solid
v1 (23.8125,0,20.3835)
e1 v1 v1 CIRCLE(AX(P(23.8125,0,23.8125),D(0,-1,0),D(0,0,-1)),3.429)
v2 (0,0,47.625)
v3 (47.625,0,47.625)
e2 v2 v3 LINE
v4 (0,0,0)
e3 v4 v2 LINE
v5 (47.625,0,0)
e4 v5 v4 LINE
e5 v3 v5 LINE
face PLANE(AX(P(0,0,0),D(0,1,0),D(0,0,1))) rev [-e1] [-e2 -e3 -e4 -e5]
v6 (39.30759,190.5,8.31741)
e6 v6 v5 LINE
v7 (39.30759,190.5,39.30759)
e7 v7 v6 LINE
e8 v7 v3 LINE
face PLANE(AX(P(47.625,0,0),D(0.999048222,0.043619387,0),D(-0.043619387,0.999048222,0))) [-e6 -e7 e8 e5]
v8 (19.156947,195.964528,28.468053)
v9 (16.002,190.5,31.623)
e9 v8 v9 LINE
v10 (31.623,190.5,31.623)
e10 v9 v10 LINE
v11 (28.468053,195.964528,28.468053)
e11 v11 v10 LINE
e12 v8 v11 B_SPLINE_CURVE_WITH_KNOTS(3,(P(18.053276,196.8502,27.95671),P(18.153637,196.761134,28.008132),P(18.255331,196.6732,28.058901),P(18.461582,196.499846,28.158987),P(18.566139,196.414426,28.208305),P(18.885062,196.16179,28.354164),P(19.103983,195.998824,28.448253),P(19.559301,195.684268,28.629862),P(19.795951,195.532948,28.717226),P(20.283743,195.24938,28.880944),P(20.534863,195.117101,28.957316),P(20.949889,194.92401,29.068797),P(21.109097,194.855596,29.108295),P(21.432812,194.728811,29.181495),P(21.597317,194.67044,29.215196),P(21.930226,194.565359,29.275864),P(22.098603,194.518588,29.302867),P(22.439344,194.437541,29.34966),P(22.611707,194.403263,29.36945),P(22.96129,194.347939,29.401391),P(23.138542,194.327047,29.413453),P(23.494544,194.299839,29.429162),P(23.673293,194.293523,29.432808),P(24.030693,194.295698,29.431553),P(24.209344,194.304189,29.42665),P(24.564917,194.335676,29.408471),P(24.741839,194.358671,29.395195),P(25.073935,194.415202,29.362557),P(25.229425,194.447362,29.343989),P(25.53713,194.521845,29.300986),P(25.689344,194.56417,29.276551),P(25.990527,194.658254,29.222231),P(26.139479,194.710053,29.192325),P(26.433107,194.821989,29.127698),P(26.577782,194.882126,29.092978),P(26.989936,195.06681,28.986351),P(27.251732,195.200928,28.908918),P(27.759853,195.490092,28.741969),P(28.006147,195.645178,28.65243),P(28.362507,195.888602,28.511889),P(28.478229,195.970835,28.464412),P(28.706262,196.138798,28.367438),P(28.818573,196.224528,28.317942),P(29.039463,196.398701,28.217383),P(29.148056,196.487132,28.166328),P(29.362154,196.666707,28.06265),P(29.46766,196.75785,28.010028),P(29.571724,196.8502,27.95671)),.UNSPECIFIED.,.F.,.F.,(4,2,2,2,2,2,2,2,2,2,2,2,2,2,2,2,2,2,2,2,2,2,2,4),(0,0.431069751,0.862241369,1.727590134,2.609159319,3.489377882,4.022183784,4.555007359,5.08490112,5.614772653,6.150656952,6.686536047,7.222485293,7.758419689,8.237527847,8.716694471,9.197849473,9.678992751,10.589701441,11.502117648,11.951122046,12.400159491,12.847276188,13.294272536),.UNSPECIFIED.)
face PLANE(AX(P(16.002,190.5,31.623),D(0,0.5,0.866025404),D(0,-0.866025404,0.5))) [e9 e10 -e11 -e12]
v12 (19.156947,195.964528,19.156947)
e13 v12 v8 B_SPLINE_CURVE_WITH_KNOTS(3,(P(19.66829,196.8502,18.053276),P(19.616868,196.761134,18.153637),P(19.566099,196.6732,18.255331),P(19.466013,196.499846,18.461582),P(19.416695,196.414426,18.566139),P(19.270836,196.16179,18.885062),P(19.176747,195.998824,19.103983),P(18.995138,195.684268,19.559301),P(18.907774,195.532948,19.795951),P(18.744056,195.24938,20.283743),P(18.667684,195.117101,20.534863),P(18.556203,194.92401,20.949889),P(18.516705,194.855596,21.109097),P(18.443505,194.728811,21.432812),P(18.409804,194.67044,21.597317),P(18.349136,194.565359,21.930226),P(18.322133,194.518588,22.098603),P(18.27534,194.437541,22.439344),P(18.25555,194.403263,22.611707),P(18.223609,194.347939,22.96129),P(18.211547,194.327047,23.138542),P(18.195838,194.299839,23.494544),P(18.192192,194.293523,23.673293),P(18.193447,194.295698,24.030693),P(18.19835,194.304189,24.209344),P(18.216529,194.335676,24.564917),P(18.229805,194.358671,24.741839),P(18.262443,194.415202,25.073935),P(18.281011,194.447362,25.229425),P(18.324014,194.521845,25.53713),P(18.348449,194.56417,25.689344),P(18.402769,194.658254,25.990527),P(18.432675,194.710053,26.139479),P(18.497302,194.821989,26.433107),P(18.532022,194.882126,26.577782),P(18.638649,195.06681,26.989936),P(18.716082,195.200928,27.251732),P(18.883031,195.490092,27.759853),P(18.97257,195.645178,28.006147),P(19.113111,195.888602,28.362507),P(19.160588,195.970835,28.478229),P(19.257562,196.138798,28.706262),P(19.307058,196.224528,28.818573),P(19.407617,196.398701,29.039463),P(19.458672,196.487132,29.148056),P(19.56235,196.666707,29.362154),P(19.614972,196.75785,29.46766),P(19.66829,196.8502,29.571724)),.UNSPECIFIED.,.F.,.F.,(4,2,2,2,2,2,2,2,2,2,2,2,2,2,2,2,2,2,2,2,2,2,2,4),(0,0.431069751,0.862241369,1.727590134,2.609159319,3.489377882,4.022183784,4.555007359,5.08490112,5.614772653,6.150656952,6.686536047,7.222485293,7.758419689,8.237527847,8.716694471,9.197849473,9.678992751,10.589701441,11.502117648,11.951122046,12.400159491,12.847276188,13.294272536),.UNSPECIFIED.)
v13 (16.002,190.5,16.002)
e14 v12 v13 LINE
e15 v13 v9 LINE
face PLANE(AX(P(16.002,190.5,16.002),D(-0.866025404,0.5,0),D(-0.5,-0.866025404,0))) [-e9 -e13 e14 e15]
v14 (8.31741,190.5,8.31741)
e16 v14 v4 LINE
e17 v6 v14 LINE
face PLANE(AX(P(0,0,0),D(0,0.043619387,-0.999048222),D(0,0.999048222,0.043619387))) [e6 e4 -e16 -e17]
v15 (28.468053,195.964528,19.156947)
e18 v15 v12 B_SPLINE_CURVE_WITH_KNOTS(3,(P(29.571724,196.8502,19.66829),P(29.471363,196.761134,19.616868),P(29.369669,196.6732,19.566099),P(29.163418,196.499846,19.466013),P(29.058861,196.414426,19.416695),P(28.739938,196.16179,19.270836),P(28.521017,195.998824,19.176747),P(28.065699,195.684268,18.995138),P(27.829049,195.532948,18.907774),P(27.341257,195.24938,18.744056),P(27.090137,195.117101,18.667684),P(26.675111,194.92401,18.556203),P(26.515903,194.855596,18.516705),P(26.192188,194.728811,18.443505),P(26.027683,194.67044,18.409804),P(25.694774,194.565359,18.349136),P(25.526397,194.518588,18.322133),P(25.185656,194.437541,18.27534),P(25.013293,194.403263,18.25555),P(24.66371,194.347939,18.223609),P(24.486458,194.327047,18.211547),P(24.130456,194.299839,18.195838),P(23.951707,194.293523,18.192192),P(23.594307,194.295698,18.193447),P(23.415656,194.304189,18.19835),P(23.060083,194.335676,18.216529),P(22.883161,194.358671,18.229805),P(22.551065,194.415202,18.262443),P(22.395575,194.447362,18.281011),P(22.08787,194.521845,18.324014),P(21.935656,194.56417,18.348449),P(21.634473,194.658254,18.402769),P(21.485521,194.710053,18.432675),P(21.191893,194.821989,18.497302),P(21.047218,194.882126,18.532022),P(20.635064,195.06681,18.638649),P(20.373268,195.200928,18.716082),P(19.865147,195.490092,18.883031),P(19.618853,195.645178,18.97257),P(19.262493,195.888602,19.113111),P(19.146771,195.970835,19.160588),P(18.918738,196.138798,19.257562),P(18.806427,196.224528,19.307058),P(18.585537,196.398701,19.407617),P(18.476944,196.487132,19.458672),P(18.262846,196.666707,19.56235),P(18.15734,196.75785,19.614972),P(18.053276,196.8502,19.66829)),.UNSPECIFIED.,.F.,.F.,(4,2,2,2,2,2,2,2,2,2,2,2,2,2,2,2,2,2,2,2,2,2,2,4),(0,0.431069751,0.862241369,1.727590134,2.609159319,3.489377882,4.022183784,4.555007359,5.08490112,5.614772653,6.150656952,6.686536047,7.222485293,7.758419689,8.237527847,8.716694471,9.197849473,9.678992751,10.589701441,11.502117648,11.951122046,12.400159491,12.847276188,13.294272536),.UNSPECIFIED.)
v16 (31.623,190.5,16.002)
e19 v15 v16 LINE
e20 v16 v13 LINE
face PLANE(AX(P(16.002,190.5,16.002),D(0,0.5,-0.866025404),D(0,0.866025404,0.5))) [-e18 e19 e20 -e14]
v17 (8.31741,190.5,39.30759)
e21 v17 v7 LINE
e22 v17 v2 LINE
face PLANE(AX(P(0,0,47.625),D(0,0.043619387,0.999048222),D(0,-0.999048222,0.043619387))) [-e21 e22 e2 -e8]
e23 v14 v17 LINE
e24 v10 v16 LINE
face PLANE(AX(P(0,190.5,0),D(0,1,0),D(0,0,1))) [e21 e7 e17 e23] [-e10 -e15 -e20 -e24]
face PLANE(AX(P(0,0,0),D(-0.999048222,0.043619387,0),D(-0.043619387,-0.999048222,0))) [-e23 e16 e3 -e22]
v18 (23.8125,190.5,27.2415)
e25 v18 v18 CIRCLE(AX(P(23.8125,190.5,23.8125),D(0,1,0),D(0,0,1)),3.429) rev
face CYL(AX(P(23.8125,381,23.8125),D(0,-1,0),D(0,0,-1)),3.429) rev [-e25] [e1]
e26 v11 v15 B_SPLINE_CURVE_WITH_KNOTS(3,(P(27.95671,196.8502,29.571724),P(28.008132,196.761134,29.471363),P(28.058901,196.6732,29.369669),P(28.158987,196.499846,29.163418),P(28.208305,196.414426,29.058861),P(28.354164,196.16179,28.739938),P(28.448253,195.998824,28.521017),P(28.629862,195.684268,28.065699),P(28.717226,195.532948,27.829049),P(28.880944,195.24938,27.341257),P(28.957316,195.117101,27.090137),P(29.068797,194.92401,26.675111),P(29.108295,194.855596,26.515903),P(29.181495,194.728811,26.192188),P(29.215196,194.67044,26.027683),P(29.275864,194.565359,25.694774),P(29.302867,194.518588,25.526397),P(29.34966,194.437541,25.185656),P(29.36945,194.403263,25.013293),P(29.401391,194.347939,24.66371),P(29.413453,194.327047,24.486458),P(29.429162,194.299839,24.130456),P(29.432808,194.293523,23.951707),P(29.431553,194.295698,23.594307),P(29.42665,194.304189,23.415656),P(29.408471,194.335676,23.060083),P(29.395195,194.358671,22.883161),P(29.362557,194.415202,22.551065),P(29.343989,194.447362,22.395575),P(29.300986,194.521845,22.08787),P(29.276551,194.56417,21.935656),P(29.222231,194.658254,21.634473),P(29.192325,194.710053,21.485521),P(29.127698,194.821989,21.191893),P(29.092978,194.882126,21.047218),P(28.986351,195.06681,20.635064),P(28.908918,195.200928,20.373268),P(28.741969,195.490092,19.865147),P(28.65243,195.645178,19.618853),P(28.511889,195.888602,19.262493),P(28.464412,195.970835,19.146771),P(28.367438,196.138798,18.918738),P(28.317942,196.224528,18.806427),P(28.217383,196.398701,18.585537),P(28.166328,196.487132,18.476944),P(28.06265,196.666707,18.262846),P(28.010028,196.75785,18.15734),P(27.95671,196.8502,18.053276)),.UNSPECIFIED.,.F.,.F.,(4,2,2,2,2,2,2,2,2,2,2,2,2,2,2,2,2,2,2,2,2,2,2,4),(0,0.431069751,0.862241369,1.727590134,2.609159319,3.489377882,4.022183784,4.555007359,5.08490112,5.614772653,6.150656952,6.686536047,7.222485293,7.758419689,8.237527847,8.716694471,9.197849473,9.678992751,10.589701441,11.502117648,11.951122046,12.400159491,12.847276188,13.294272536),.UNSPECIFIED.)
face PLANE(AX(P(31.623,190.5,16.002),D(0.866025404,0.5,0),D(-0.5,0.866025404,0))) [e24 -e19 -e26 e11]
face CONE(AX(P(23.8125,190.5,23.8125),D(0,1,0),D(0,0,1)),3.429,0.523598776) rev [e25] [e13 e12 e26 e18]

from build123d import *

# Parameters (mm, degrees)
SKETCH1_W           = 47.625
SKETCH1_H           = 47.625
BOSS_EXTRUDE1_DEPTH = 381
BOSS_EXTRUDE1_TAPER = 2.5
SKETCH2_R           = 3.429
CUT_EXTRUDE1_DEPTH  = 381
SKETCH5_W           = 47.625
SKETCH5_H           = 47.625
CUT_EXTRUDE4_DEPTH  = 190.5
SKETCH6_W           = 15.621
SKETCH6_H           = 15.621
SKETCH6_R           = 3.429
BOSS_EXTRUDE2_DEPTH = 6.35
BOSS_EXTRUDE2_TAPER = 30


with BuildPart() as part:
    # Sketch1 → Boss-Extrude1 (new body)
    with BuildSketch(Plane(origin=(0, 0, 0), x_dir=(1, 0, 0), z_dir=(0, 1, 0))):
        with Locations((23.8125, -23.8125)):
            Rectangle(SKETCH1_W, SKETCH1_H)
    extrude(amount=BOSS_EXTRUDE1_DEPTH, taper=BOSS_EXTRUDE1_TAPER)

    # Sketch2 → Cut-Extrude1 (cut)
    with BuildSketch(Plane.XZ):
        with Locations(Location((23.8125, 23.8125, 0), (0, 0, 270))):
            Circle(SKETCH2_R)
    extrude(amount=-CUT_EXTRUDE1_DEPTH, mode=Mode.SUBTRACT)

    # Sketch5 → Cut-Extrude4 (cut)
    with BuildSketch(Plane(origin=(0, 381, 0), x_dir=(1, 0, 0), z_dir=(0, 1, 0))):
        with Locations((23.8125, -23.8125)):
            Rectangle(SKETCH5_W, SKETCH5_H)
    extrude(amount=-CUT_EXTRUDE4_DEPTH, mode=Mode.SUBTRACT)

    # Sketch6 → Boss-Extrude2 (add)
    with BuildSketch(Plane(origin=(0, 190.5, 0), x_dir=(1, 0, 0), z_dir=(0, 1, 0))):
        with Locations((23.8125, -23.8125)):
            Rectangle(SKETCH6_W, SKETCH6_H)
        with Locations(Location((23.8125, -23.8125, 0), (0, 0, 90))):
            Circle(SKETCH6_R, mode=Mode.SUBTRACT)
    extrude(amount=BOSS_EXTRUDE2_DEPTH, taper=BOSS_EXTRUDE2_TAPER)


solid = part.part
